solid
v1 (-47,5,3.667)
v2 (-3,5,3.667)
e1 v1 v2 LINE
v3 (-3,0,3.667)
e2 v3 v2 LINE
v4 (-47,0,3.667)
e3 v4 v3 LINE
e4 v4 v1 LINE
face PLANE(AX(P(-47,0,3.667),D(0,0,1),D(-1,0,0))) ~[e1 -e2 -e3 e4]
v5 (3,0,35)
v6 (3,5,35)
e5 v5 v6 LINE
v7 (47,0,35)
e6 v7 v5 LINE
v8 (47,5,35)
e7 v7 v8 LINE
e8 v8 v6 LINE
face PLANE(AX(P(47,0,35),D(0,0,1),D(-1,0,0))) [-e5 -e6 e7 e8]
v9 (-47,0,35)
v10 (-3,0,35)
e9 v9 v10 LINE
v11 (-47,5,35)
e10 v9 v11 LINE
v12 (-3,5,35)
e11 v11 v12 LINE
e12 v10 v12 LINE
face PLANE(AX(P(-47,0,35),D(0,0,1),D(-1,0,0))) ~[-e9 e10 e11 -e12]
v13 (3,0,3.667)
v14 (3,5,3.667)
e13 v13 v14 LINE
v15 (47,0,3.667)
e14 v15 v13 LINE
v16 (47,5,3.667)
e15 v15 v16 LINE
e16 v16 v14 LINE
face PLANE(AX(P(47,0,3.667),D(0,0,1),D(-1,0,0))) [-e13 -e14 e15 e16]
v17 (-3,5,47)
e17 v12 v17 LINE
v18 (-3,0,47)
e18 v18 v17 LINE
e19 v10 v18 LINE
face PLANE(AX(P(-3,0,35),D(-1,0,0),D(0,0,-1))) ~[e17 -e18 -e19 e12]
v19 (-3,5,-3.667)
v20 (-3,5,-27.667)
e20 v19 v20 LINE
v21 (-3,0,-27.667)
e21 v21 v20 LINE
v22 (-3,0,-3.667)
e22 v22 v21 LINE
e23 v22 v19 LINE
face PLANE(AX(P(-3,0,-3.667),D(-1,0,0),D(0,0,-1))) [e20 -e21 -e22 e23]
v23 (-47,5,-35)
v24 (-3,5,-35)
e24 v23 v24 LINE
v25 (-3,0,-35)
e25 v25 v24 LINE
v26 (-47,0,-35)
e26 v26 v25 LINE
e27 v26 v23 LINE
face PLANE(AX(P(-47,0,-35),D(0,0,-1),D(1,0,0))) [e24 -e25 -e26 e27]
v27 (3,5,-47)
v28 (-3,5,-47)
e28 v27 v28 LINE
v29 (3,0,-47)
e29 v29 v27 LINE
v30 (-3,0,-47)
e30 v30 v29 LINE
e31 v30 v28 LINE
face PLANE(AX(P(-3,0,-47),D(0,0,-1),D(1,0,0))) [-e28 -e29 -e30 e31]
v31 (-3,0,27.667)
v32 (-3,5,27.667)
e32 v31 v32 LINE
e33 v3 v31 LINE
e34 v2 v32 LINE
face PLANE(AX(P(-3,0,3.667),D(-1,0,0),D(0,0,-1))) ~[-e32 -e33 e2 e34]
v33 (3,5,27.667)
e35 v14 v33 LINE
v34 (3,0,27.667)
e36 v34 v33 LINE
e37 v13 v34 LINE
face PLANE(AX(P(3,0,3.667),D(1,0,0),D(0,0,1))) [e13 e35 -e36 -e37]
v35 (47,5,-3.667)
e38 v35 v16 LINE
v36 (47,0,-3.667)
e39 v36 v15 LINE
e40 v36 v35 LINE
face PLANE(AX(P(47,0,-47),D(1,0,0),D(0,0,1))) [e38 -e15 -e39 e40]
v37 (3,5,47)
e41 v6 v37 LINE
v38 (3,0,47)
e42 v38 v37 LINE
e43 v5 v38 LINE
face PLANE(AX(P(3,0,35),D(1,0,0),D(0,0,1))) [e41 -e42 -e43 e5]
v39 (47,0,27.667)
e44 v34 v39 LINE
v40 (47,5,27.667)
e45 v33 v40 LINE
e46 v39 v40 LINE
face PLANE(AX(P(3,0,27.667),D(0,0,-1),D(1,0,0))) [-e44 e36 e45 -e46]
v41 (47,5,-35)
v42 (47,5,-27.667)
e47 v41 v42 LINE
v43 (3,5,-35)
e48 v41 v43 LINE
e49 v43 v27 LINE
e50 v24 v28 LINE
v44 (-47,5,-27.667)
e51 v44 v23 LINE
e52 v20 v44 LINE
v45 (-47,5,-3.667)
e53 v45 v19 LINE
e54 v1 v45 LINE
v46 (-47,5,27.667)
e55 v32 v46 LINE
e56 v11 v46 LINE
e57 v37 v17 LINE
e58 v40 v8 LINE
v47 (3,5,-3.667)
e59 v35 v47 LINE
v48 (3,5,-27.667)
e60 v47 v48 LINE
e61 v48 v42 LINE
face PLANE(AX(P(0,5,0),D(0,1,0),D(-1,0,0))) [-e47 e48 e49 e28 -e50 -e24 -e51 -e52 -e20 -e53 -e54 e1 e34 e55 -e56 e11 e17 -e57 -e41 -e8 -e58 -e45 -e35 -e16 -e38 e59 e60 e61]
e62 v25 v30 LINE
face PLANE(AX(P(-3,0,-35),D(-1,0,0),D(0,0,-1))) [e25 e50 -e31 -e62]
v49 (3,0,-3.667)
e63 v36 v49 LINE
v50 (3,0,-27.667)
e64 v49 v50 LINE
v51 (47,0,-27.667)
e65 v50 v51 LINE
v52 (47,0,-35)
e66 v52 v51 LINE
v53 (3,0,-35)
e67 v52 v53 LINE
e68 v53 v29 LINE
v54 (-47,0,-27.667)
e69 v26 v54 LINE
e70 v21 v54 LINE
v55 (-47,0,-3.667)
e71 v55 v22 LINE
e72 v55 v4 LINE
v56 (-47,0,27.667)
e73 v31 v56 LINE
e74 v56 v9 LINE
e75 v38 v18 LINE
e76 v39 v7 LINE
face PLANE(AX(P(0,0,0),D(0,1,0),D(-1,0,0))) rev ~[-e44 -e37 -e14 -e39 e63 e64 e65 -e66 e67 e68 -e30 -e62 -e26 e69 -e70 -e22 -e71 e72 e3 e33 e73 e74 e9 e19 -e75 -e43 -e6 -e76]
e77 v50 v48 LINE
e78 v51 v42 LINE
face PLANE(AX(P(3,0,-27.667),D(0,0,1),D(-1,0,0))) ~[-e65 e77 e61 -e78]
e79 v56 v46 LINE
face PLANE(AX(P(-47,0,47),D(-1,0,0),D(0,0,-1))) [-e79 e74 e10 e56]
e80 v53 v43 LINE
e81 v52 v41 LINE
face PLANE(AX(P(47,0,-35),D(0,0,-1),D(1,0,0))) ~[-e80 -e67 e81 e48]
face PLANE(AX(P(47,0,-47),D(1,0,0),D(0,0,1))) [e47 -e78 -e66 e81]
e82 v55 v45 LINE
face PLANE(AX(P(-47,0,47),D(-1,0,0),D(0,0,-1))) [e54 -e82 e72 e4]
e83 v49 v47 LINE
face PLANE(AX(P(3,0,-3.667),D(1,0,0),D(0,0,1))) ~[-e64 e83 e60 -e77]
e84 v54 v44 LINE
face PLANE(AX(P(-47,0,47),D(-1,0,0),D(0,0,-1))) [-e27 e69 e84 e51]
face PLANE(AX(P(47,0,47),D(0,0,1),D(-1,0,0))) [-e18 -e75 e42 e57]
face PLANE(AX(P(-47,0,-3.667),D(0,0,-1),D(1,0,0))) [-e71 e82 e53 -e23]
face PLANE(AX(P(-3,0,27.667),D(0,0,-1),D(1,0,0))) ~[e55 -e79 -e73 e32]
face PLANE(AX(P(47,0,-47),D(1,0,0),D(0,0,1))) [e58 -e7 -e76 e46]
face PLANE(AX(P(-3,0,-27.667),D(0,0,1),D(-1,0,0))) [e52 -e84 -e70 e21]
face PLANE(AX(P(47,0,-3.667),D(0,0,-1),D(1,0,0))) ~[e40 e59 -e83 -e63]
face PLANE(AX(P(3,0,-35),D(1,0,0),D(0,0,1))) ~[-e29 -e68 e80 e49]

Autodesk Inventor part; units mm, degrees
ref_plane "YZ Plane" through (0, 0, 0) normal (1, 0, 0) x (0, 1, 0)
ref_plane "XZ Plane" through (0, 0, 0) normal (0, 1, 0) x (-1, 0, 0)
ref_plane "XY Plane" through (0, 0, 0) normal (0, 0, 1) x (1, 0, 0)
sketch "Sketch1" plane through (0, 0, 0) normal (0, 1, 0) x (-1, 0, 0)
  line L0 (-47, 47) -> (47, 47)
  line L1 (47, 47) -> (47, -47)
  line L2 (47, -47) -> (-47, -47)
  line L3 (-47, -47) -> (-47, 47)
  line L4 (-47, 47) -> (47, -47) construction
  line L5 (47, 47) -> (-47, -47) construction
  line L6 (47, -35) -> (3, -35)
  line L7 (3, -35) -> (3, -47)
  line L8 (3, -47) -> (47, -47)
  line L9 (47, -47) -> (47, -35)
  line L10 (47, -3.667) -> (3, -3.667)
  line L11 (3, -3.667) -> (3, -27.667)
  line L12 (3, -27.667) -> (47, -27.667)
  line L13 (47, -27.667) -> (47, -3.667)
  point P0 (0, 0)
  point P1 (25, -47)
  point P2 (25, -35)
  dimension "d0" = 94
  dimension "d1" = 94
  dimension "d2" = 12
  dimension "d3" = 24
  dimension "d4" = 7.333
  dimension "d9" = 3
  dimension "d10" = 0
extrude "Extrusion1" add sketch "Sketch1" along normal blind 5
extrude "Extrusion2" cut sketch "Sketch1" along normal blind 5 contours L1 L12 L11 L10 | L7 L6 L1 L2
mirror "Mirror1" about plane through (0, 0, 0) normal (1, 0, 0) of "Extrusion2"
mirror "Mirror2" about plane through (0, 0, 0) normal (0, 0, 1) of "Extrusion2", "Mirror1"
properties part number "Grid RS3" material "Steel"
